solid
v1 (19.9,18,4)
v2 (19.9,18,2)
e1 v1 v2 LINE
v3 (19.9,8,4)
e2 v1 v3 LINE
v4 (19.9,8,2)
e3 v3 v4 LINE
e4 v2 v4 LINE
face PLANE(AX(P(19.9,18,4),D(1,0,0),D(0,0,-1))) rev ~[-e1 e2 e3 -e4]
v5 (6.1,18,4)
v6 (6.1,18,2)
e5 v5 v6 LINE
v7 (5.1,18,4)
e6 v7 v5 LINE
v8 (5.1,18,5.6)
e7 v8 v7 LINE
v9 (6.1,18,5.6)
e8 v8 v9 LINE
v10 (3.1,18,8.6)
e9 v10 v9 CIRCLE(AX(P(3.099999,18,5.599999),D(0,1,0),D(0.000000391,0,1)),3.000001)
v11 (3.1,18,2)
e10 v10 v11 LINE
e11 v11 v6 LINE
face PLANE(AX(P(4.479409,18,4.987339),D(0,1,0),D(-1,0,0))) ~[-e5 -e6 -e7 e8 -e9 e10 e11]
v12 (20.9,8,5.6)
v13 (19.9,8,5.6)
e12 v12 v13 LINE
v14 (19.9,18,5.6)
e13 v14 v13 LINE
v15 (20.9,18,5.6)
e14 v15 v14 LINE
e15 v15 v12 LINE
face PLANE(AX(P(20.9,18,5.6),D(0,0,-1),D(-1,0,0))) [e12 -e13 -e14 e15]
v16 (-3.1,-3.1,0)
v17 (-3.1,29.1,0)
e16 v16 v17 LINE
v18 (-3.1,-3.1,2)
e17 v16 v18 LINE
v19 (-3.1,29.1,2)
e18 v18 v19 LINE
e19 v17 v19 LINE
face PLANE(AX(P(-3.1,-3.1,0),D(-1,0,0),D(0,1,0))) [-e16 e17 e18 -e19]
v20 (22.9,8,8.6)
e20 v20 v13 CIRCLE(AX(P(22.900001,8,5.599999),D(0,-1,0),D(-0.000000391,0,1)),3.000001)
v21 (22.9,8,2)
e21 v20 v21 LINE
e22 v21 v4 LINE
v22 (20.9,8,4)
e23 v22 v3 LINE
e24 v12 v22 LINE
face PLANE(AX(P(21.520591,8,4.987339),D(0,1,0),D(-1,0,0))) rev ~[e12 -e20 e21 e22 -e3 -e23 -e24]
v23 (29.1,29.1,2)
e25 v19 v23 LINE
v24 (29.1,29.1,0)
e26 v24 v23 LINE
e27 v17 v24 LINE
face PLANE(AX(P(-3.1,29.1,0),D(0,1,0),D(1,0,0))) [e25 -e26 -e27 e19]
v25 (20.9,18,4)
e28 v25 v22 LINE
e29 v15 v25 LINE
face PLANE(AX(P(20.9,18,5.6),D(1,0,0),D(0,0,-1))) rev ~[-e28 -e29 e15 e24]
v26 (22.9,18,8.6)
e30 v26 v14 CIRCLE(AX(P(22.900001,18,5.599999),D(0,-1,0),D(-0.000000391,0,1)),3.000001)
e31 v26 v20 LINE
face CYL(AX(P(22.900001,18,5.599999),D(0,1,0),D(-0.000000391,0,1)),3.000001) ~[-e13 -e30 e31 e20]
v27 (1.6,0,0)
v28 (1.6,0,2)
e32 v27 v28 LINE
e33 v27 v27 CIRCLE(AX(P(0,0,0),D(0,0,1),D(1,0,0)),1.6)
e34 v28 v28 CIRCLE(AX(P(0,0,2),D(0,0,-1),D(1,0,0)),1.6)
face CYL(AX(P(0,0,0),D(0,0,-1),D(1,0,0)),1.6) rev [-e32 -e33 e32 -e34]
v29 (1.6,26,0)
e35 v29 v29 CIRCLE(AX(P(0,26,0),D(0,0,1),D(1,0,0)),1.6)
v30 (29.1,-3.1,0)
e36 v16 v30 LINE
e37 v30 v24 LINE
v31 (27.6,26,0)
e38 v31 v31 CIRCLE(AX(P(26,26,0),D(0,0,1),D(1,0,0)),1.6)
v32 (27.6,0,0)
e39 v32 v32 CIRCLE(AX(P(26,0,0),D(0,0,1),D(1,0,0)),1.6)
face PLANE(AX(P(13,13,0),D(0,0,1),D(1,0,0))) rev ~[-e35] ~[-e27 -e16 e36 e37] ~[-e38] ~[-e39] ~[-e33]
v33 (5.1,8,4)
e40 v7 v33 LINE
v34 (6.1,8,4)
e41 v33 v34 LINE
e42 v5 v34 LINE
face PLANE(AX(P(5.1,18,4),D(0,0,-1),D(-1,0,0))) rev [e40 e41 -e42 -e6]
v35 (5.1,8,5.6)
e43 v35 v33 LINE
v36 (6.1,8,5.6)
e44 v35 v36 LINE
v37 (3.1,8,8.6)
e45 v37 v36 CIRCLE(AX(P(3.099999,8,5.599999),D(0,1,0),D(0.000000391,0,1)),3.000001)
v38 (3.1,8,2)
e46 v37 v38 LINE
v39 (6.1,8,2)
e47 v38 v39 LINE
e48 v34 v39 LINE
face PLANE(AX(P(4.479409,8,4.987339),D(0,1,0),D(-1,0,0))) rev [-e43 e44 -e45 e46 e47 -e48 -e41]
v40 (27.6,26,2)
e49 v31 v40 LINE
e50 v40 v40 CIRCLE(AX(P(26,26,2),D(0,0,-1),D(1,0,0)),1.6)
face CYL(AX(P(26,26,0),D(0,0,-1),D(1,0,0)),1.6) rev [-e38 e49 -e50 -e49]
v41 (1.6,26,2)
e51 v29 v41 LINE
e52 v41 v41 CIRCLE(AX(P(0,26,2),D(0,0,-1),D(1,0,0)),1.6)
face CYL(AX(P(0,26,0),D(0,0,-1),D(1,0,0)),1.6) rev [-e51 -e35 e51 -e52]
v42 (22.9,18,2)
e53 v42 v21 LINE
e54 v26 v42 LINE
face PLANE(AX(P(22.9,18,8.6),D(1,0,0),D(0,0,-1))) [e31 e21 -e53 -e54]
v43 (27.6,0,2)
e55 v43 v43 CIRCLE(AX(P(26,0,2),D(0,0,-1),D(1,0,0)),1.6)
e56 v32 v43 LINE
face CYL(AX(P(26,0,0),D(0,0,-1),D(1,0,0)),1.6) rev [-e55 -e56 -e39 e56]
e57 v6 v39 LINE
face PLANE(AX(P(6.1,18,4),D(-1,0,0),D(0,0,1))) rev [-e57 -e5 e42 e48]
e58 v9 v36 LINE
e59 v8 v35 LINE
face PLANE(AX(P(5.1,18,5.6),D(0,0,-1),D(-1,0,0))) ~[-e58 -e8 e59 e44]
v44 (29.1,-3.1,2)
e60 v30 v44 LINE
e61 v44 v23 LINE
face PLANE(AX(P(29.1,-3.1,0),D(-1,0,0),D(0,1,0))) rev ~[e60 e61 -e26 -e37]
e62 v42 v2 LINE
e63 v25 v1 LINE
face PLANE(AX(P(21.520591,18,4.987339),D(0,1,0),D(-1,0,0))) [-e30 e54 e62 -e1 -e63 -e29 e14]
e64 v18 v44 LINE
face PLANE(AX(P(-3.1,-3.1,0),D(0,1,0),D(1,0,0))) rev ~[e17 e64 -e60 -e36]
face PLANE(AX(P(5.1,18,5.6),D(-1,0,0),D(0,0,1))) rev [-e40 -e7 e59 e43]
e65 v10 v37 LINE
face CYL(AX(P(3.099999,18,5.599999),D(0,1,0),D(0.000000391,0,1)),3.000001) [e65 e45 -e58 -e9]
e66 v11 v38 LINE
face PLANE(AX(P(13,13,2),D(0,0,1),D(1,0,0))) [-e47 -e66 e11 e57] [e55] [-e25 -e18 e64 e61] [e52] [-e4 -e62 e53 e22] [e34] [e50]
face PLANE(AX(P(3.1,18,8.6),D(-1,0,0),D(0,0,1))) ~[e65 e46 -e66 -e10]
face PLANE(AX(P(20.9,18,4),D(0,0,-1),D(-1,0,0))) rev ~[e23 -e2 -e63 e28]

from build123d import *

# Parameters (mm, degrees)
EXTRUDE_DEPTH     = 10
EXTRUDE002_DEPTH  = 10
CYLINDER016_R     = 1.6
CYLINDER016_DEPTH = 10
CYLINDER015_R     = 1.6
CYLINDER015_DEPTH = 10
CYLINDER014_R     = 1.6
CYLINDER014_DEPTH = 10
CYLINDER013_R     = 1.6
CYLINDER013_DEPTH = 10
BOX_W             = 32.2
BOX_H             = 32.2
BOX_DEPTH         = 2


with BuildPart() as extrude_body:
    # Sketch → Extrude (new body)
    with BuildSketch(Plane.XZ):
        with BuildLine():
            Line((7.9, 3.6), (6.9, 3.6))
            ThreePointArc((9.9, 6.6), (7.77868, 5.72132), (6.9, 3.6))
            Line((9.9, 6.6), (9.9, 0))
            Line((9.9, 0), (6.9, 0))
            Line((6.9, 2), (6.9, 0))
            Line((7.9, 2), (6.9, 2))
            Line((7.9, 3.6), (7.9, 2))
        make_face()
    extrude(amount=EXTRUDE_DEPTH)


with BuildPart() as part_mirroring:
    # Part__Mirroring: instance of Extrude body
    add(extrude_body.part.mirror(Plane(origin=(0, 0, 0), x_dir=(0, -1, 0), z_dir=(1, 0, 0))))


with BuildPart() as h_bridge_mount:
    # Sketch002 → Extrude002 (new body)
    with BuildSketch(Plane.XZ):
        with BuildLine():
            Line((7.9, 3.6), (6.9, 3.6))
            ThreePointArc((9.9, 6.6), (7.77868, 5.72132), (6.9, 3.6))
            Line((9.9, 6.6), (9.9, 0))
            Line((9.9, 0), (6.9, 0))
            Line((6.9, 2), (6.9, 0))
            Line((7.9, 2), (6.9, 2))
            Line((7.9, 3.6), (7.9, 2))
        make_face()
    extrude(amount=EXTRUDE002_DEPTH)

    # Fusion: union Part__Mirroring
    add(part_mirroring.part)


with BuildPart() as h_bridge_mount_1:
    # Fusion placement: moved
    add(h_bridge_mount.part.moved(Location((13, 18, 2))))


with BuildPart() as mount_point003:
    # Cylinder016 → Cylinder016 (new body)
    with BuildSketch(Plane(origin=(26, 0, 0), x_dir=(1, 0, 0), z_dir=(0, 0, 1))):
        Circle(CYLINDER016_R)
    extrude(amount=CYLINDER016_DEPTH)


with BuildPart() as mount_point002:
    # Cylinder015 → Cylinder015 (new body)
    with BuildSketch(Plane(origin=(26, 26, 0), x_dir=(1, 0, 0), z_dir=(0, 0, 1))):
        Circle(CYLINDER015_R)
    extrude(amount=CYLINDER015_DEPTH)


with BuildPart() as mount_point001:
    # Cylinder014 → Cylinder014 (new body)
    with BuildSketch(Plane(origin=(0, 26, 0), x_dir=(1, 0, 0), z_dir=(0, 0, 1))):
        Circle(CYLINDER014_R)
    extrude(amount=CYLINDER014_DEPTH)


with BuildPart() as mount_point000:
    # Cylinder013 → Cylinder013 (new body)
    with BuildSketch(Plane.XY):
        Circle(CYLINDER013_R)
    extrude(amount=CYLINDER013_DEPTH)


with BuildPart() as fusion001:
    # Box → Box (new body)
    with BuildSketch(Plane(origin=(-3.1, -3.1, 0), x_dir=(1, 0, 0), z_dir=(0, 0, 1))):
        with Locations((16.1, 16.1)):
            Rectangle(BOX_W, BOX_H)
    extrude(amount=BOX_DEPTH)

    # Cut: cut Mount Point000
    add(mount_point000.part, mode=Mode.SUBTRACT)

    # Cut001: cut Mount Point001
    add(mount_point001.part, mode=Mode.SUBTRACT)

    # Cut002: cut Mount Point002
    add(mount_point002.part, mode=Mode.SUBTRACT)

    # Cut003: cut Mount Point003
    add(mount_point003.part, mode=Mode.SUBTRACT)

    # Fusion001: union H Bridge Mount
    add(h_bridge_mount_1.part)


solid = fusion001.part
